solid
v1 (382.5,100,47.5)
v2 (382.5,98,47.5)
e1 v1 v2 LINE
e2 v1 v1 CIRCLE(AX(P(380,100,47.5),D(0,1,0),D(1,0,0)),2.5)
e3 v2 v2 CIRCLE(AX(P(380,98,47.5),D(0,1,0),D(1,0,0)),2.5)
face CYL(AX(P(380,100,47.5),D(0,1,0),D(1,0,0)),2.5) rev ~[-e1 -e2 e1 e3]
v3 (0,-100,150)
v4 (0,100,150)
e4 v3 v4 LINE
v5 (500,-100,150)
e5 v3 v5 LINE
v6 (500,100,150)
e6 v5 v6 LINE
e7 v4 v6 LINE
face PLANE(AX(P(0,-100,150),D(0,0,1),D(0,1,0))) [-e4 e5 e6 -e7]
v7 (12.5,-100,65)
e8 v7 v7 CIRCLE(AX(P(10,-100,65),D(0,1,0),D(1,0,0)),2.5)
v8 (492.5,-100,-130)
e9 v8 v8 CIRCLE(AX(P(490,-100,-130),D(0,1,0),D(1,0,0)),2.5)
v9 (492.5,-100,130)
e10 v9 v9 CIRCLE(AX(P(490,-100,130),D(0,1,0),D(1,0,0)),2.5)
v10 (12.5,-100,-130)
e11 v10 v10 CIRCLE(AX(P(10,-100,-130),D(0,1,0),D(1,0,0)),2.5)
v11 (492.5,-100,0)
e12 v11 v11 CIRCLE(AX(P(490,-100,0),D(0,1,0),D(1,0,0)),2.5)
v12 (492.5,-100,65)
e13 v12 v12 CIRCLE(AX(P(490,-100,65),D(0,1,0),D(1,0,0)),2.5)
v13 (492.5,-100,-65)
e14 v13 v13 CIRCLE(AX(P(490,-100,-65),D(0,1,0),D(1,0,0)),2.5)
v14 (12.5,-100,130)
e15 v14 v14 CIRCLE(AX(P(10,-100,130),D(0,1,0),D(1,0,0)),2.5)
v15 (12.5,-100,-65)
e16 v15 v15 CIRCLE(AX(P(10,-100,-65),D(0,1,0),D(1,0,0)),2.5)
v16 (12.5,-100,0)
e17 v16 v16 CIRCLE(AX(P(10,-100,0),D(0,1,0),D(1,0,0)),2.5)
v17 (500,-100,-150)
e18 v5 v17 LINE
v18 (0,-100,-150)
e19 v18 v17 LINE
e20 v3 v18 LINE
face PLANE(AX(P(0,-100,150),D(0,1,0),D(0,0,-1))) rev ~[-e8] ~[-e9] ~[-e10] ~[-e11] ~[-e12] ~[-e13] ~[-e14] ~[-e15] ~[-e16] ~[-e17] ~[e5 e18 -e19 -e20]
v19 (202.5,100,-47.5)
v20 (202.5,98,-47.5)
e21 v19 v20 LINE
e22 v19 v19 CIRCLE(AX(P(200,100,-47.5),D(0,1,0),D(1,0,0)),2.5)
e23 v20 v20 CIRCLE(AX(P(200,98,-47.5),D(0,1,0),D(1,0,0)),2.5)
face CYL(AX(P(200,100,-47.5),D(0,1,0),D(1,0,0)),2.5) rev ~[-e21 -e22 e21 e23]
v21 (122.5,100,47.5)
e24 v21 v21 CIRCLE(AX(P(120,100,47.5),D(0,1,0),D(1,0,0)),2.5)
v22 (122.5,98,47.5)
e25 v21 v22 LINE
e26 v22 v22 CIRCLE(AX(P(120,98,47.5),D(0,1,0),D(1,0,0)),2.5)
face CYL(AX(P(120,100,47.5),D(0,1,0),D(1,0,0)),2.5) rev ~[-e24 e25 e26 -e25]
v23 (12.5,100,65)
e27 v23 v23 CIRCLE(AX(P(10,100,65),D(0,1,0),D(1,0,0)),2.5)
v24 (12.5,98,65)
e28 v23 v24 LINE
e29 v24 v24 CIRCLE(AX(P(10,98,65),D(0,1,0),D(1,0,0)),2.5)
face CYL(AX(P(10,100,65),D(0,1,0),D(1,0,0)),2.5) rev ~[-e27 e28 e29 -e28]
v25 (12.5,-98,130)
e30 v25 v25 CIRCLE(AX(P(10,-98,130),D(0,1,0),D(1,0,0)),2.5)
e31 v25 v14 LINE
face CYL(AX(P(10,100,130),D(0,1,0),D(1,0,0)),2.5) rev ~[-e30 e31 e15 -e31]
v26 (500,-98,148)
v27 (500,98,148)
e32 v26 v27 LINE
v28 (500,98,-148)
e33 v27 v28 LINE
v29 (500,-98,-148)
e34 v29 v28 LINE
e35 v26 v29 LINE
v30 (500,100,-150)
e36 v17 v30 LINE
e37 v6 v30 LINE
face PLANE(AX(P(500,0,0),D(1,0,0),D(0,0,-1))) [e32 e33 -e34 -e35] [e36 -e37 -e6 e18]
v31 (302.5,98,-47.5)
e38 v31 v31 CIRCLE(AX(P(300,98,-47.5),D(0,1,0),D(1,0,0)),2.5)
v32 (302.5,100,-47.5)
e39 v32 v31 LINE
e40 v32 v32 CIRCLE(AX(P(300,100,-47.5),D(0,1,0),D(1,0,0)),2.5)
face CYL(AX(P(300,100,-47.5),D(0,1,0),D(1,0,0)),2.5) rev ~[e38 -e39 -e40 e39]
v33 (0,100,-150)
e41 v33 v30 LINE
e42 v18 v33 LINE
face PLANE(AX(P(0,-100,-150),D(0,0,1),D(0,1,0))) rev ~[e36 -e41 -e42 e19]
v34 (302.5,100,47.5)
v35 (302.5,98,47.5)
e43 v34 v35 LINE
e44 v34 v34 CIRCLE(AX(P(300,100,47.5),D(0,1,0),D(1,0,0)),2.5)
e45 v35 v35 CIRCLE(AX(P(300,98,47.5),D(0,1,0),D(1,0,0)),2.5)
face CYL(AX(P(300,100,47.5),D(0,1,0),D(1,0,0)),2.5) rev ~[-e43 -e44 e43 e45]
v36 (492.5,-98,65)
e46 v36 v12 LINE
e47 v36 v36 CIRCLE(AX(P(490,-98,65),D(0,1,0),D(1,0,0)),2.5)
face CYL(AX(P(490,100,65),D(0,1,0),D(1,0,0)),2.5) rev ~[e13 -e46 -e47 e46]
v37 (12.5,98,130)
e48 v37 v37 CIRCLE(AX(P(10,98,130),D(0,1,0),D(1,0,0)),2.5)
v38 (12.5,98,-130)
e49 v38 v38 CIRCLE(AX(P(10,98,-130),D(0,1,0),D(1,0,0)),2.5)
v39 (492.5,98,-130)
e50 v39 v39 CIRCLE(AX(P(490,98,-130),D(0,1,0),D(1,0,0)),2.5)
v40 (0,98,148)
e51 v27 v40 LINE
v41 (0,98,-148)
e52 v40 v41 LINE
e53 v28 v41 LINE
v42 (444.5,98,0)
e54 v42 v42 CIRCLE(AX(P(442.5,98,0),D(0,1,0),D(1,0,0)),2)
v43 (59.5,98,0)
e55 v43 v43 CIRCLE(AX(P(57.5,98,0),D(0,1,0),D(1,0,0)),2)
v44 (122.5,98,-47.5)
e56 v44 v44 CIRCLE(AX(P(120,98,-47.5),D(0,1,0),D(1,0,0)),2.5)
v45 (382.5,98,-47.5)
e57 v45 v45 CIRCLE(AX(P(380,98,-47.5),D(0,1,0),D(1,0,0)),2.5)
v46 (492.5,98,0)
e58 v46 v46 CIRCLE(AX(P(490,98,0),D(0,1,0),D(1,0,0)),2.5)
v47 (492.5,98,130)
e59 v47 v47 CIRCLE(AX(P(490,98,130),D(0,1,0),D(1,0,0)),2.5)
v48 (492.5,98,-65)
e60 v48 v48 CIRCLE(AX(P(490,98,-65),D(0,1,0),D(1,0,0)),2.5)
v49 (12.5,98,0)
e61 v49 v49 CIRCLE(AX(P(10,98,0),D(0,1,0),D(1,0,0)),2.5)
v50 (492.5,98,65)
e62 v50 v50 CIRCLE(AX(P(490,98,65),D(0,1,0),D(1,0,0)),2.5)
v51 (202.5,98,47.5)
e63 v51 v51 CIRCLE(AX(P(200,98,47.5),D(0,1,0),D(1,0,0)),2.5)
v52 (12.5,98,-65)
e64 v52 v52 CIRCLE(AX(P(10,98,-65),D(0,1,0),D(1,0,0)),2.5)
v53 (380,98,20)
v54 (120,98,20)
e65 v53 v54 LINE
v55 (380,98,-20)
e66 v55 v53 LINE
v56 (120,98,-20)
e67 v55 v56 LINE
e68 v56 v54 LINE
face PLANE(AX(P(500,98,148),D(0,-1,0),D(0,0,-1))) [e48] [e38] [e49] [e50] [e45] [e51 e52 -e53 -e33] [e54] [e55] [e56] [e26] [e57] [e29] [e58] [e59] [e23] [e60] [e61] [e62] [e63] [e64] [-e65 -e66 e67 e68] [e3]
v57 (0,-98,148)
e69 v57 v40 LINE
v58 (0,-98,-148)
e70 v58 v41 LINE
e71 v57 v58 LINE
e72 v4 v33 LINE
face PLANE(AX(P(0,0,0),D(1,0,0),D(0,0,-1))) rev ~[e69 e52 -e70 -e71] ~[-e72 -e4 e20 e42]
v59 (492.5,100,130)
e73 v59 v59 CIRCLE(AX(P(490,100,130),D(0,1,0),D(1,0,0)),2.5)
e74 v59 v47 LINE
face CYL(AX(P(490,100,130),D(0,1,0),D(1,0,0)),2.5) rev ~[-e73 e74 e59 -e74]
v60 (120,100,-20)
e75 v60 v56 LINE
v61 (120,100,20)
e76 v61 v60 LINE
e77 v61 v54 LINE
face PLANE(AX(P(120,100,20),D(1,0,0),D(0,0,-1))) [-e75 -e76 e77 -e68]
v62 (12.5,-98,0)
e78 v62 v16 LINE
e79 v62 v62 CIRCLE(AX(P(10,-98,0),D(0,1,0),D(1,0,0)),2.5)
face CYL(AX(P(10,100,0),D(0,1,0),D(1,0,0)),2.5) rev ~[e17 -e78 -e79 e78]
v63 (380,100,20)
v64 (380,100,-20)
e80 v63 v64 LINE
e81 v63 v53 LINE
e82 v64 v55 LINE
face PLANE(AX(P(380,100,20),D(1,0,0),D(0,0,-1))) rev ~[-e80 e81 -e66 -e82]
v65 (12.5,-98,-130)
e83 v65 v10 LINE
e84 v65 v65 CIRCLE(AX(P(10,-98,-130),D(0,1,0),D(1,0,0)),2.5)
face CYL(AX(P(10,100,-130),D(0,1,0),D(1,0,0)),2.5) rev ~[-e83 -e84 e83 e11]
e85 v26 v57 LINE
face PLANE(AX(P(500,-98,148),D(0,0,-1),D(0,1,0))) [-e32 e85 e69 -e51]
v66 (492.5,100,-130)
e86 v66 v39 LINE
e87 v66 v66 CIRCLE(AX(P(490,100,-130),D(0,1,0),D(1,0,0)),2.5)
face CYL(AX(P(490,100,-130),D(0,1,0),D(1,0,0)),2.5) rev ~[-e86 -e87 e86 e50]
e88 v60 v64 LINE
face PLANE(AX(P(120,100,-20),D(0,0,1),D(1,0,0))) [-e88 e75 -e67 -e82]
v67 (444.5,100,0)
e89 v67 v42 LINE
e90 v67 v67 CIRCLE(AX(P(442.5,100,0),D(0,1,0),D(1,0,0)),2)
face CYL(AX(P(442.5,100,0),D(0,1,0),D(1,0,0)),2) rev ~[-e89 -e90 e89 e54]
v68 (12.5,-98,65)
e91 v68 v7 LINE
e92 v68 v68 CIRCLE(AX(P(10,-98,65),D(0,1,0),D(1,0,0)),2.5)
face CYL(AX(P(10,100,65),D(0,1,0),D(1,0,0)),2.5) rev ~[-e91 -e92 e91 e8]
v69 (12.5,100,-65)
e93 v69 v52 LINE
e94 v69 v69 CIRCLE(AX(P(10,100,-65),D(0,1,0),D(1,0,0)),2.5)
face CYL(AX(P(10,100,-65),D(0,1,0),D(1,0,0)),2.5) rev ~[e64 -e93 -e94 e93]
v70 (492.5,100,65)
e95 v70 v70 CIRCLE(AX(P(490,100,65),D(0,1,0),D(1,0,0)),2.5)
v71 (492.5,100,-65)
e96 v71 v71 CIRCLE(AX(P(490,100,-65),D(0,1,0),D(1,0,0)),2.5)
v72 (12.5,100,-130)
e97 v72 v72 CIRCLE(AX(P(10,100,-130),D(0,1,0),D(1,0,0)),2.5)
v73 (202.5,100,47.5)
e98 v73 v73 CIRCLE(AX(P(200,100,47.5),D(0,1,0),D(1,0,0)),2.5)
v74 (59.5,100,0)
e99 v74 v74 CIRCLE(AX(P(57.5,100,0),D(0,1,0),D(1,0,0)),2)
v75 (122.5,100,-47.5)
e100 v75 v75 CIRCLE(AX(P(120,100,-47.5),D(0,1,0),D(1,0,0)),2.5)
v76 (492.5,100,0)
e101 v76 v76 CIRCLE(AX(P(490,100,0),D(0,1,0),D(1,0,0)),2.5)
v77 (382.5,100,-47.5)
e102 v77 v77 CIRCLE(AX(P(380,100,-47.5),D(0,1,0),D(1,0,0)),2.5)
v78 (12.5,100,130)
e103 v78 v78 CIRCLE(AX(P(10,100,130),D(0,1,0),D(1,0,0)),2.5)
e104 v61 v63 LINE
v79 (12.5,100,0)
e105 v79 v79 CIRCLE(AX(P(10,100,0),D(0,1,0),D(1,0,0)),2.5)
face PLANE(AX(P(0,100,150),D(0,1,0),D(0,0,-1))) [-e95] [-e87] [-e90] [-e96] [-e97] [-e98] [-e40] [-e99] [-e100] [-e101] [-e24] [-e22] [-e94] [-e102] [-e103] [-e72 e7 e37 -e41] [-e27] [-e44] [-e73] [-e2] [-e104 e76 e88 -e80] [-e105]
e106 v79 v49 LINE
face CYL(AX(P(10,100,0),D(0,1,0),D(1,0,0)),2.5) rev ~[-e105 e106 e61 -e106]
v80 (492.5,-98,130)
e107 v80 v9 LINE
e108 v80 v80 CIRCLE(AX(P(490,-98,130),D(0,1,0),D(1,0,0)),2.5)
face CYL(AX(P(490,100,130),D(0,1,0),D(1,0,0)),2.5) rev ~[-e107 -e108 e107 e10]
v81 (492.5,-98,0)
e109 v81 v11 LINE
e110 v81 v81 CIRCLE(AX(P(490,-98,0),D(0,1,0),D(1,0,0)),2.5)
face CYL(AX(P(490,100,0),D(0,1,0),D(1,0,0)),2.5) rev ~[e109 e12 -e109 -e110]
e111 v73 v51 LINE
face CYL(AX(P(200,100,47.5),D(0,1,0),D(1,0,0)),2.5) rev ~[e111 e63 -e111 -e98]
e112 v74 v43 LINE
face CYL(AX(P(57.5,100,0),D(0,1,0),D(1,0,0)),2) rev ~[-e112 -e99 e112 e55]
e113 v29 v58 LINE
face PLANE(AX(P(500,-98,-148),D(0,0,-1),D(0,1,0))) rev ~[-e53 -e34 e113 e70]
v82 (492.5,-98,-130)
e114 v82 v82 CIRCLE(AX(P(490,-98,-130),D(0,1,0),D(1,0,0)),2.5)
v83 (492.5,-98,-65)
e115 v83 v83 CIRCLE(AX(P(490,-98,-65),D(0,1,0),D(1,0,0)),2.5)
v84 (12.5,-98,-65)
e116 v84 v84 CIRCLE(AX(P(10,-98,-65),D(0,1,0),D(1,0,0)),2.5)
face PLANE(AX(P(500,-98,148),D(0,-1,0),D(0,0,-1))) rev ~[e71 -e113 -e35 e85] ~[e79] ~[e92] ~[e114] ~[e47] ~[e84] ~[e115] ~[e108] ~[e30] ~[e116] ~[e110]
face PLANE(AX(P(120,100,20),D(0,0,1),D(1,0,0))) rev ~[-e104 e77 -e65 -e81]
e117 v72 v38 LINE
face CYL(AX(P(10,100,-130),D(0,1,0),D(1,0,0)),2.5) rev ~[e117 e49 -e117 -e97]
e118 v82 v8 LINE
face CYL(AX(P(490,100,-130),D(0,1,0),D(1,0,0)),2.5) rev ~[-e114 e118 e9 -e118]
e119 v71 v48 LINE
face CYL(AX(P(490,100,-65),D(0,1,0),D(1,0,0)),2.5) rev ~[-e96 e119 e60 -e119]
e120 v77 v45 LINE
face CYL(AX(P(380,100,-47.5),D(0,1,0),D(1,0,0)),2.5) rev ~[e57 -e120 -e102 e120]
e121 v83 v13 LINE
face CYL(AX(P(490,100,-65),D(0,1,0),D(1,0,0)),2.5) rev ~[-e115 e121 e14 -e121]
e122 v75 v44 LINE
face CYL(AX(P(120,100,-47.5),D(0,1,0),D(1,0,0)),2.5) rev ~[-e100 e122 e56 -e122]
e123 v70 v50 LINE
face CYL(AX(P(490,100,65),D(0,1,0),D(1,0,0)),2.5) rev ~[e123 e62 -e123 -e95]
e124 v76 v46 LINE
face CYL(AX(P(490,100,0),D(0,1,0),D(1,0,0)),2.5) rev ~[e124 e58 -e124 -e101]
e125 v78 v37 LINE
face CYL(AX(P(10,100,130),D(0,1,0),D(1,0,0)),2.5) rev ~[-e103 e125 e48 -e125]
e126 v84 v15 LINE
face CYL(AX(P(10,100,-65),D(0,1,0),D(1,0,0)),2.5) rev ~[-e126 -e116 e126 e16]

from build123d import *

# Parameters (mm, degrees)
ESBO_O1_W                = 300
ESBO_O1_H                = 200
RESSALTO_EXTRUS_O1_DEPTH = 500
ESBO_O2_W                = 296
ESBO_O2_H                = 196
CORTE_EXTRUS_O1_DEPTH    = 501
ESBO_O3_R                = 2
ESBO_O3_R_2              = 2.5
ESBO_O3_W                = 260
ESBO_O3_H                = 40
CORTE_EXTRUS_O2_DEPTH    = 10
ESBO_O5_R                = 2.5
CORTE_EXTRUS_O3_DEPTH    = 201


with BuildPart() as part:
    # Esboço1 → Ressalto-extrusão1 (new body)
    with BuildSketch(Plane(origin=(0, 0, 0), x_dir=(0, 0, -1), z_dir=(1, 0, 0))):
        Rectangle(ESBO_O1_W, ESBO_O1_H)
    extrude(amount=RESSALTO_EXTRUS_O1_DEPTH)

    # Esboço2 → Corte-extrusão1 (cut, through all)
    with BuildSketch(Plane(origin=(500, 0, 0), x_dir=(0, 0, -1), z_dir=(1, 0, 0))):
        Rectangle(ESBO_O2_W, ESBO_O2_H)
    extrude(amount=-CORTE_EXTRUS_O1_DEPTH, mode=Mode.SUBTRACT)

    # Esboço3 → Corte-extrusão2 (cut)
    with BuildSketch(Plane(origin=(0, 100, 0), x_dir=(1, 0, 0), z_dir=(0, 1, 0))):
        with Locations((57.5, 0)):
            Circle(ESBO_O3_R)
        with Locations((442.5, 0)):
            Circle(ESBO_O3_R)
        with Locations((120, 47.5)):
            Circle(ESBO_O3_R_2)
        with Locations((200, 47.5)):
            Circle(ESBO_O3_R_2)
        with Locations((300, 47.5)):
            Circle(ESBO_O3_R_2)
        with Locations((380, 47.5)):
            Circle(ESBO_O3_R_2)
        with Locations((380, -47.5)):
            Circle(ESBO_O3_R_2)
        with Locations((300, -47.5)):
            Circle(ESBO_O3_R_2)
        with Locations((200, -47.5)):
            Circle(ESBO_O3_R_2)
        with Locations((120, -47.5)):
            Circle(ESBO_O3_R_2)
        with Locations((250, 0)):
            Rectangle(ESBO_O3_W, ESBO_O3_H)
    extrude(amount=-CORTE_EXTRUS_O2_DEPTH, mode=Mode.SUBTRACT)

    # Esboço5 → Corte-extrusão3 (cut, through all)
    with BuildSketch(Plane(origin=(0, 100, 0), x_dir=(1, 0, 0), z_dir=(0, 1, 0))):
        with Locations((490, 130)):
            Circle(ESBO_O5_R)
        with Locations((490, 65)):
            Circle(ESBO_O5_R)
        with Locations((490, 0)):
            Circle(ESBO_O5_R)
        with Locations((490, -65)):
            Circle(ESBO_O5_R)
        with Locations((490, -130)):
            Circle(ESBO_O5_R)
        with Locations((10, -130)):
            Circle(ESBO_O5_R)
        with Locations((10, -65)):
            Circle(ESBO_O5_R)
        with Locations((10, 0)):
            Circle(ESBO_O5_R)
        with Locations((10, 65)):
            Circle(ESBO_O5_R)
        with Locations((10, 130)):
            Circle(ESBO_O5_R)
    extrude(amount=-CORTE_EXTRUS_O3_DEPTH, mode=Mode.SUBTRACT)


solid = part.part
